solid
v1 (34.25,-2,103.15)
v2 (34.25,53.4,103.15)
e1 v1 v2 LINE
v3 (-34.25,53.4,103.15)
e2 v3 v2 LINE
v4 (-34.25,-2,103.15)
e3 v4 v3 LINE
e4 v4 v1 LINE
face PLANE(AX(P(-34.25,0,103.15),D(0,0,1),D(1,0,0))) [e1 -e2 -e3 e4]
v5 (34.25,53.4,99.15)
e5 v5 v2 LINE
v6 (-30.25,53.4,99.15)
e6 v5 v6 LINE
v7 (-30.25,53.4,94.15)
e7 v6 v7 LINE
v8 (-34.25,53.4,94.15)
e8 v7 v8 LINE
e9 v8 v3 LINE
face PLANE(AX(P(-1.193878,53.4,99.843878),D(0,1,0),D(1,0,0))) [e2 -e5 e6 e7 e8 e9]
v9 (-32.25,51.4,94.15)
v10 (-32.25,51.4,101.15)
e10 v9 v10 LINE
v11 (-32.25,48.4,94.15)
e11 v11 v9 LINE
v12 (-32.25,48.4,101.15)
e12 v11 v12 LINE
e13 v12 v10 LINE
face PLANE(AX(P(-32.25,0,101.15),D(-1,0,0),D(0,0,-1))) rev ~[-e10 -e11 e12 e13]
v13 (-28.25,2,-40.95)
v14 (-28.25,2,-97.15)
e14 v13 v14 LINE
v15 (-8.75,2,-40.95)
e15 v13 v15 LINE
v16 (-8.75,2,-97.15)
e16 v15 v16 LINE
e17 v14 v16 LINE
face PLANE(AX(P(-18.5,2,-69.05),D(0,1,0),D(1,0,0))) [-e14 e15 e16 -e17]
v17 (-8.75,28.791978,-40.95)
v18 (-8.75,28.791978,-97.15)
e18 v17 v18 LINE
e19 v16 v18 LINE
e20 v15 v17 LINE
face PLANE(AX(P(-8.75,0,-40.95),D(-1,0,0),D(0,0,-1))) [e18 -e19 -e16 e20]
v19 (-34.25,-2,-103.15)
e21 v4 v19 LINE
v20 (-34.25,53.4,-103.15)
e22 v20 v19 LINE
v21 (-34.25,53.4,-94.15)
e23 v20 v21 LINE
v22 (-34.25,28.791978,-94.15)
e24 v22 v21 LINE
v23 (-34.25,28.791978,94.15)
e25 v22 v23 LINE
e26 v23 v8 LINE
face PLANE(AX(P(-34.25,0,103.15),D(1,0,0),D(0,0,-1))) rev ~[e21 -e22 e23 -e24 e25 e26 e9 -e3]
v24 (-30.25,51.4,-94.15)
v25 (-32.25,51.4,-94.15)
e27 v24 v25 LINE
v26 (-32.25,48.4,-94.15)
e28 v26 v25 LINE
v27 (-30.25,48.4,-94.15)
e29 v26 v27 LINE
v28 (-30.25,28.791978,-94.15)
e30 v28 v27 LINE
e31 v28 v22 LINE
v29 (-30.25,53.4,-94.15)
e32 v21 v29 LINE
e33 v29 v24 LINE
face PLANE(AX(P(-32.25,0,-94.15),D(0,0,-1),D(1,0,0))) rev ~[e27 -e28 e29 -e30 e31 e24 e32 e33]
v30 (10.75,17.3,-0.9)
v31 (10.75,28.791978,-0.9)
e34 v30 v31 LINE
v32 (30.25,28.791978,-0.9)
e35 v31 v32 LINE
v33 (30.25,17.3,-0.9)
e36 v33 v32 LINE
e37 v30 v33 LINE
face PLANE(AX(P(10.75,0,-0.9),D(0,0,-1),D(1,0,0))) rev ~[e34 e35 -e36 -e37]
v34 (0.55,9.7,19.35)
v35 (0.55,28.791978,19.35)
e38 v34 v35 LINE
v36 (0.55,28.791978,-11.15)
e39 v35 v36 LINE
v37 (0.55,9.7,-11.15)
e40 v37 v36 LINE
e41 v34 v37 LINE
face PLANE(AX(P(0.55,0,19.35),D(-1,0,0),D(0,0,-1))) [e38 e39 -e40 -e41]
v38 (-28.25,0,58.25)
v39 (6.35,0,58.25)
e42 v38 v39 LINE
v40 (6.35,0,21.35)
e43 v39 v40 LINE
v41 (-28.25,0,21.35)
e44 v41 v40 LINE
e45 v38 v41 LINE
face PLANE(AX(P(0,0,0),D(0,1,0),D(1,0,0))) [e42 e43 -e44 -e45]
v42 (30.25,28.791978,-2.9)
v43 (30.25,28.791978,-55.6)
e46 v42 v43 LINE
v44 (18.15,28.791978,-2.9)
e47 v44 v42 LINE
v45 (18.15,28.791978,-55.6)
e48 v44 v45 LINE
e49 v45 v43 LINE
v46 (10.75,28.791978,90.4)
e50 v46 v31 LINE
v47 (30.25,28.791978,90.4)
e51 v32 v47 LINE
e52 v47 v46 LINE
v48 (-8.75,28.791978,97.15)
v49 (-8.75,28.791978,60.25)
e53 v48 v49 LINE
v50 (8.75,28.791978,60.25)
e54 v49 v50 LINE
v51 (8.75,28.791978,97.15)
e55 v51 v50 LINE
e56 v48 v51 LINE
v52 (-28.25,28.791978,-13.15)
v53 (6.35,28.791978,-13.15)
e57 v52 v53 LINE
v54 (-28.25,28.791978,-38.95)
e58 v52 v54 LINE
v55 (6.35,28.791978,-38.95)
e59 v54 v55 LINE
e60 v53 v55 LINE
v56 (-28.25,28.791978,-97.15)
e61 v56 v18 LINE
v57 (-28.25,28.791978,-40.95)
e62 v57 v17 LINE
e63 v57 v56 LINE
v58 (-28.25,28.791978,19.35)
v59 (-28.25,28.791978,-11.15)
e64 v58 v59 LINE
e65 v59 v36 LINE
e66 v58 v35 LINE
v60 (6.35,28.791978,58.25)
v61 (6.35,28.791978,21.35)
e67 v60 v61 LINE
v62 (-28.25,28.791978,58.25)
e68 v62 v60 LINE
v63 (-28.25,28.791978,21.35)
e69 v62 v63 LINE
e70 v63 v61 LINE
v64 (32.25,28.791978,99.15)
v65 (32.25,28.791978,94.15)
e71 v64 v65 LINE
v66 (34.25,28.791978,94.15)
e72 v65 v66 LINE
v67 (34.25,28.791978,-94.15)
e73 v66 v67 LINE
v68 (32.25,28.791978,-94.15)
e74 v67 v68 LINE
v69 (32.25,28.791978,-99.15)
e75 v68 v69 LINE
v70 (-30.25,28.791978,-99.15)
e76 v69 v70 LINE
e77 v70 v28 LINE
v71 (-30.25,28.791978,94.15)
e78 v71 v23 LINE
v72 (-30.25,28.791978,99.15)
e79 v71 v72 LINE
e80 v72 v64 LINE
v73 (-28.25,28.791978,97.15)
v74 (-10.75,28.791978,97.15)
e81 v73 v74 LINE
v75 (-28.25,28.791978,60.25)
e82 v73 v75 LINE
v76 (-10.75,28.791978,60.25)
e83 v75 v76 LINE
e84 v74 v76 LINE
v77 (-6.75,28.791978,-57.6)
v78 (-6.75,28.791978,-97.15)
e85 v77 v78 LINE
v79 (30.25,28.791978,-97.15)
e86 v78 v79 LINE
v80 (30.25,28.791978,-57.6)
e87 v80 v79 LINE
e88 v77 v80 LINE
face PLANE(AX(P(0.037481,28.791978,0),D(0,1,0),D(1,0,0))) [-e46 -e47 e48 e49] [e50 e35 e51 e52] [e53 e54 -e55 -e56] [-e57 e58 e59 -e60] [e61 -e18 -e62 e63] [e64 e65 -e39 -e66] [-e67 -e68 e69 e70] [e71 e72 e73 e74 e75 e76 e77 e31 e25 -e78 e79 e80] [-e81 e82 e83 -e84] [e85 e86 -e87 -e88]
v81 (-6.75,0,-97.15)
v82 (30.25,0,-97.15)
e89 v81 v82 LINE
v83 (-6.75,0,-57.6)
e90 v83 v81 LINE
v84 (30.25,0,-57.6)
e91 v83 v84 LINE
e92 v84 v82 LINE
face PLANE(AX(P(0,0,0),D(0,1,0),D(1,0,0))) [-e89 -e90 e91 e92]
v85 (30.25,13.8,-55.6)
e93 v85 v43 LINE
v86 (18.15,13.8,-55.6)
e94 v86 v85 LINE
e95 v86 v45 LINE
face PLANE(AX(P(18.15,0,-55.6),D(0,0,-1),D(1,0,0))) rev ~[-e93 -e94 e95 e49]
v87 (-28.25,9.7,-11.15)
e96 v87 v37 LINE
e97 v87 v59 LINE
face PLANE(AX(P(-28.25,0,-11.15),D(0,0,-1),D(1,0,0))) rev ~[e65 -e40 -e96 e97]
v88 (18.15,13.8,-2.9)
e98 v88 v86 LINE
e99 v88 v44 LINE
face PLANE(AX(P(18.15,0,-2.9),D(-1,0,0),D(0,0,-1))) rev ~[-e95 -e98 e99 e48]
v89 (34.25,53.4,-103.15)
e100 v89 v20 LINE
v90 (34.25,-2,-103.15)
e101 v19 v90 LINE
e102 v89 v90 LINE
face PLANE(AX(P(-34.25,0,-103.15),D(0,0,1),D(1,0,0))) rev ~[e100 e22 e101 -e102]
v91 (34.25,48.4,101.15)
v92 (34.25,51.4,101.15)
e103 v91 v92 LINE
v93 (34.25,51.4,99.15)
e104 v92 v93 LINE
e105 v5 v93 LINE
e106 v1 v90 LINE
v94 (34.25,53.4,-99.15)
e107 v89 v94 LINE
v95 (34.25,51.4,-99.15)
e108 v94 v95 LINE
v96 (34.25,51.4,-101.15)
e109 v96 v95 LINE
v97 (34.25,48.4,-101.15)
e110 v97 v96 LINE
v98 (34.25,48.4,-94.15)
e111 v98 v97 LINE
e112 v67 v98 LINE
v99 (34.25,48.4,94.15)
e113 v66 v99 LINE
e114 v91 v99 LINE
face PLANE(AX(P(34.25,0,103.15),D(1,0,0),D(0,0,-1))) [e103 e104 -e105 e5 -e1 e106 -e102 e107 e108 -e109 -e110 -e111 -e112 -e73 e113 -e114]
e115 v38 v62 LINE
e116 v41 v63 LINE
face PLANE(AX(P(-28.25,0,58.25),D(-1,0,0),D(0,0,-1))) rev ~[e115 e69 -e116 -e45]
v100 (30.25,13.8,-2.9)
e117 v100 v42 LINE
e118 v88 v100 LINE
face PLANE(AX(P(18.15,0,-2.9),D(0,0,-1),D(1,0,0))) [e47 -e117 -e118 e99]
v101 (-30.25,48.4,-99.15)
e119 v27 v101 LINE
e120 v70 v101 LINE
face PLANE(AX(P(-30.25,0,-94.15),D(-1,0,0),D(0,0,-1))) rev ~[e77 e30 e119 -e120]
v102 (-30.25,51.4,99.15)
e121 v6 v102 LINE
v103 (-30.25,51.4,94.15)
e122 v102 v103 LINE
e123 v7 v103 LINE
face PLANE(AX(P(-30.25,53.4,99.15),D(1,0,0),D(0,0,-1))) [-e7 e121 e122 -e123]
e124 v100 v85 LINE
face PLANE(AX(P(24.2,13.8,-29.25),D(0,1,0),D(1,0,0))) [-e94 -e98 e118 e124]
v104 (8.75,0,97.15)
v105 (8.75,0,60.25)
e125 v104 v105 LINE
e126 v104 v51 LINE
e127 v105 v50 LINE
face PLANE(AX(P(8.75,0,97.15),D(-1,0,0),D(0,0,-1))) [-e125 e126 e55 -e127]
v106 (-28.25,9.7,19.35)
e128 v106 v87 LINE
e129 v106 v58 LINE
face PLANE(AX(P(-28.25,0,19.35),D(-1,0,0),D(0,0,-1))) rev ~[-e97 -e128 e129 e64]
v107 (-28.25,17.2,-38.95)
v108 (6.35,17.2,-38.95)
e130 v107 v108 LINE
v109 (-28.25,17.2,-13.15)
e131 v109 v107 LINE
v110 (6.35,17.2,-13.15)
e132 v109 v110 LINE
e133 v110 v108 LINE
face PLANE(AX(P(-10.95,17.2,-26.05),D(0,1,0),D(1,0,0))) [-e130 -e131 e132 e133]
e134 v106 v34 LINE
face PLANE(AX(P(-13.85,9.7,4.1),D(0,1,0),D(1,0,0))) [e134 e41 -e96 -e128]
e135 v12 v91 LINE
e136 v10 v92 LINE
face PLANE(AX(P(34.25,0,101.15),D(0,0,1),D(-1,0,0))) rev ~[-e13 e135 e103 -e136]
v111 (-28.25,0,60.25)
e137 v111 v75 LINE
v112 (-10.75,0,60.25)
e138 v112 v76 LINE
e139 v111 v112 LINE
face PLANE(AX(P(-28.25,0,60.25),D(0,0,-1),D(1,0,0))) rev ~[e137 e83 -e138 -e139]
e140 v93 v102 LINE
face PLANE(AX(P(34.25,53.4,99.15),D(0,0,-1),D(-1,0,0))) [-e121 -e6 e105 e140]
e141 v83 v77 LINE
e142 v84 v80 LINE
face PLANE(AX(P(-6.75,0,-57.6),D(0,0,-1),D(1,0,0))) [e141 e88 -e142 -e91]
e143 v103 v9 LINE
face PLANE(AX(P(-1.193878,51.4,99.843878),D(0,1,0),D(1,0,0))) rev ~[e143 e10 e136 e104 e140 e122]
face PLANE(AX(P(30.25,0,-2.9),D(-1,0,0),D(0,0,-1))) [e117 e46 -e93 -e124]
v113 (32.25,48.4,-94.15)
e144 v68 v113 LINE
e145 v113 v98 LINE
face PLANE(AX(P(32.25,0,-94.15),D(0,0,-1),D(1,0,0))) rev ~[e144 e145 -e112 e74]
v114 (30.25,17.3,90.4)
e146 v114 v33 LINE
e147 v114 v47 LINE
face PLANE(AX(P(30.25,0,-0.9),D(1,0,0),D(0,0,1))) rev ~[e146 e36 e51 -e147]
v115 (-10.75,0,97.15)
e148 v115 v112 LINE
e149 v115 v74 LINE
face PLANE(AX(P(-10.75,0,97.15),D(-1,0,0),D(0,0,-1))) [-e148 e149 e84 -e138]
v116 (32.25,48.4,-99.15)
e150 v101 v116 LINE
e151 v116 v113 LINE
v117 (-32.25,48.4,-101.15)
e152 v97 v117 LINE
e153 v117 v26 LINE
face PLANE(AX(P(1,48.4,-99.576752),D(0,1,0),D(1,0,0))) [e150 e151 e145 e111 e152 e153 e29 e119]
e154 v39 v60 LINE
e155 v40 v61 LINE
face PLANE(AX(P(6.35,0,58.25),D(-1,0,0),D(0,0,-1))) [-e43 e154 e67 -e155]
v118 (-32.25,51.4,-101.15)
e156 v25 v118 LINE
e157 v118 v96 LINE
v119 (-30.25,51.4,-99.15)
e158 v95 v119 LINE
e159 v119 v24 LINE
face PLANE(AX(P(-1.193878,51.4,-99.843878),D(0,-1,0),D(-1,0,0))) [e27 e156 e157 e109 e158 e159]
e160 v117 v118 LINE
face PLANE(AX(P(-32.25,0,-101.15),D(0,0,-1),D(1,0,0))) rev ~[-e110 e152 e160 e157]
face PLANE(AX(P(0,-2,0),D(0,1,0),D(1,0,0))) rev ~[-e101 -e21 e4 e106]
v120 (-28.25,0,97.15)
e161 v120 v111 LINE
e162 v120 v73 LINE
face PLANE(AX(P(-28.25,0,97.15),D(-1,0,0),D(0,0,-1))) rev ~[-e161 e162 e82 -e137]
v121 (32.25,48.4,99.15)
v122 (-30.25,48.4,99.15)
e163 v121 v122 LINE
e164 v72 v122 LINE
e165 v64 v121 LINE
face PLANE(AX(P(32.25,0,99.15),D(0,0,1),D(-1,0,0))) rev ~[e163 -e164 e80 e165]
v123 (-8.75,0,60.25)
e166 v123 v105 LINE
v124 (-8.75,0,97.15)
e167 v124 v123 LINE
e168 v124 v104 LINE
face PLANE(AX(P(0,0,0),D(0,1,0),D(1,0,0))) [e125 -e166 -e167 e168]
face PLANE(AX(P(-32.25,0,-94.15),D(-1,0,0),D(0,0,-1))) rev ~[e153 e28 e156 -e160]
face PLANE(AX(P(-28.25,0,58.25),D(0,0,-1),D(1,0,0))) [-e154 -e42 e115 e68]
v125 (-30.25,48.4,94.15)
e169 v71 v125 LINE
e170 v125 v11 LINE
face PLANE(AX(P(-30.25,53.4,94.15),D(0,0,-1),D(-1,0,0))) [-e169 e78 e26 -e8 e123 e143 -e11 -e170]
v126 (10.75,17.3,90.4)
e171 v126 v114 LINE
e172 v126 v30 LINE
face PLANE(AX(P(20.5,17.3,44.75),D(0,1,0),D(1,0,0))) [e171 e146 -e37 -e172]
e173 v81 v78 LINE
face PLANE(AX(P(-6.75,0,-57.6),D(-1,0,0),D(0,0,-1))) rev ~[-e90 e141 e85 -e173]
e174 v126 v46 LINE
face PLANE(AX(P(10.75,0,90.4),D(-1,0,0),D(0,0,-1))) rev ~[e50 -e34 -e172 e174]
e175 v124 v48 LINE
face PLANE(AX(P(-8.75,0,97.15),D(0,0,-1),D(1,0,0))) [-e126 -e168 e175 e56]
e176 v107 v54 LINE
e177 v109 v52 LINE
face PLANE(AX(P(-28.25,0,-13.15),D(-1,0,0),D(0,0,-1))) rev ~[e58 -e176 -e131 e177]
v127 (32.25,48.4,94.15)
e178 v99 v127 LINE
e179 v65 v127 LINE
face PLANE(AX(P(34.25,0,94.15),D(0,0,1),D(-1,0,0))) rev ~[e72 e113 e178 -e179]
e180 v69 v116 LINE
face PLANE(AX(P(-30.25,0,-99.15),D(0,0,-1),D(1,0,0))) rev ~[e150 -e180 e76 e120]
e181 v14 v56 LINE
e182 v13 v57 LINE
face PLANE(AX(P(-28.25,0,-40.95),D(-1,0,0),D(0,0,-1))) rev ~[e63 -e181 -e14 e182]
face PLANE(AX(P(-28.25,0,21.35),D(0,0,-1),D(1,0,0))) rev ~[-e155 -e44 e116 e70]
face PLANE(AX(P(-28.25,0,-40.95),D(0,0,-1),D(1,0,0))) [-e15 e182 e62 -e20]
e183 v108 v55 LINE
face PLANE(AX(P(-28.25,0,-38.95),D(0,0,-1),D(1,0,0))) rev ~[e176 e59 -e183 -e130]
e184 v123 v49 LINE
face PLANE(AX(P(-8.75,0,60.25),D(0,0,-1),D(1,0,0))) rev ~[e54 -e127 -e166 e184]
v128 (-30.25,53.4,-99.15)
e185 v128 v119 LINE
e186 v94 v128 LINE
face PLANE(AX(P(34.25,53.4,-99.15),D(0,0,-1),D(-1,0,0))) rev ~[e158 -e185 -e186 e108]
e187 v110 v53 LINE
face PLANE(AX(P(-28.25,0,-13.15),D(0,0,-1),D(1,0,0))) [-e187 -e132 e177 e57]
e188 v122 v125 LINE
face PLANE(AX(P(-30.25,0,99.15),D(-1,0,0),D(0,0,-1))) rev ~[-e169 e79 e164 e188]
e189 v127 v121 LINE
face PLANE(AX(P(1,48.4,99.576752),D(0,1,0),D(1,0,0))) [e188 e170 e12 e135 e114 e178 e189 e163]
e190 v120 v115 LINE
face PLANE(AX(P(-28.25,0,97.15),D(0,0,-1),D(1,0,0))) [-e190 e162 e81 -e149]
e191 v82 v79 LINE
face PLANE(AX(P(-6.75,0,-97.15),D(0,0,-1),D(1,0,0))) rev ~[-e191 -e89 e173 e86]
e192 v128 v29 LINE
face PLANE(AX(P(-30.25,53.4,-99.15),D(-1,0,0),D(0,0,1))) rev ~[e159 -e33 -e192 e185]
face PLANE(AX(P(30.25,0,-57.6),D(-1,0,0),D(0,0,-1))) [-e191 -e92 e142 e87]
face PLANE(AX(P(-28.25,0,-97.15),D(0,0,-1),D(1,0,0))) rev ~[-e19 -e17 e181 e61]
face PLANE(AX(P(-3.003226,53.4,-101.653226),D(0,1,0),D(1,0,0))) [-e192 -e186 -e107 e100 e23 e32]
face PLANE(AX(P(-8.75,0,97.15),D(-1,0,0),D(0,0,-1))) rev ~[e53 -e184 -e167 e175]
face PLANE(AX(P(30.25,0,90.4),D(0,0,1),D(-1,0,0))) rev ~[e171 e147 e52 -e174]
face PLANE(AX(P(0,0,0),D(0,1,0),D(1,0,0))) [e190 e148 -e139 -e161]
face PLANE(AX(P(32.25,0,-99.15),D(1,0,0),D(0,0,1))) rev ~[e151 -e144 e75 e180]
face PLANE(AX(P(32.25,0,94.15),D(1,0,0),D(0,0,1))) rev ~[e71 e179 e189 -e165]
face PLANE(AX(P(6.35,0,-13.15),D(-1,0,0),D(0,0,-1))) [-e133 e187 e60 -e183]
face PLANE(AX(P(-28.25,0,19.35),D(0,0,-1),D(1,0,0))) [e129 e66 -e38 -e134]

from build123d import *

# Parameters (mm, degrees)
SKETCH1_4_W          = 19.5
SKETCH1_4_H          = 56.2
BOSS_EXTRUDE3_DEPTH  = 2
SKETCH1_5_W          = 12.1
SKETCH1_5_H          = 52.7
BOSS_EXTRUDE4_DEPTH  = 13.8
BOSS_EXTRUDE5_DEPTH  = 17.3
SKETCH1_8_W          = 34.6
SKETCH1_8_H          = 25.8
BOSS_EXTRUDE7_DEPTH  = 17.2
SKETCH1_9_W          = 28.8
SKETCH1_9_H          = 30.5
BOSS_EXTRUDE8_DEPTH  = 9.7
SKETCH1_10_W         = 17.5
SKETCH1_10_H         = 36.9
SKETCH1_10_W_2       = 34.6
SKETCH1_10_W_3       = 28.8
SKETCH1_10_H_2       = 30.5
SKETCH1_10_H_3       = 25.8
SKETCH1_10_W_4       = 19.5
SKETCH1_10_H_4       = 56.2
SKETCH1_10_W_5       = 12.1
SKETCH1_10_H_5       = 52.7
SKETCH1_10_W_6       = 37
SKETCH1_10_H_6       = 39.55
BOSS_EXTRUDE9_DEPTH  = 28.791978309
BOSS_EXTRUDE10_DEPTH = 48.4
BOSS_EXTRUDE11_DEPTH = 53.4
BOSS_EXTRUDE12_DEPTH = 2
SKETCH1_13_W         = 68.5
SKETCH1_13_H         = 206.3
BOSS_EXTRUDE13_DEPTH = 2


with BuildPart() as part:
    # Sketch1<4> → Boss-Extrude3 (new body)
    with BuildSketch(Plane(origin=(0, 0, 0), x_dir=(1, 0, 0), z_dir=(0, 1, 0))):
        with Locations((-18.5, 69.05)):
            Rectangle(SKETCH1_4_W, SKETCH1_4_H)
    extrude(amount=BOSS_EXTRUDE3_DEPTH)



with BuildPart() as body_2:
    # Sketch1<5> → Boss-Extrude4 (new body)
    with BuildSketch(Plane(origin=(0, 0, 0), x_dir=(1, 0, 0), z_dir=(0, 1, 0))):
        with Locations((24.2, 29.25)):
            Rectangle(SKETCH1_5_W, SKETCH1_5_H)
    extrude(amount=BOSS_EXTRUDE4_DEPTH)


with BuildPart() as body_3:
    # Sketch1 → Boss-Extrude5 (new body)
    with BuildSketch(Plane(origin=(0, 0, 0), x_dir=(1, 0, 0), z_dir=(0, 1, 0))):
        Polygon((10.75, 0.9), (10.75, -90.4), (29.25, -90.4), (30.25, -90.4), (30.25, 0.9), align=None)
    extrude(amount=BOSS_EXTRUDE5_DEPTH)


with BuildPart() as body_4:
    # Sketch1<8> → Boss-Extrude7 (new body)
    with BuildSketch(Plane(origin=(0, 0, 0), x_dir=(1, 0, 0), z_dir=(0, 1, 0))):
        with Locations((-10.95, 26.05)):
            Rectangle(SKETCH1_8_W, SKETCH1_8_H)
    extrude(amount=BOSS_EXTRUDE7_DEPTH)


with BuildPart() as body_5:
    # Sketch1<9> → Boss-Extrude8 (new body)
    with BuildSketch(Plane(origin=(0, 0, 0), x_dir=(1, 0, 0), z_dir=(0, 1, 0))):
        with Locations((-13.85, -4.1)):
            Rectangle(SKETCH1_9_W, SKETCH1_9_H)
    extrude(amount=BOSS_EXTRUDE8_DEPTH)


with BuildPart() as part_1:
    add(part.part)

    add(body_2.part)  # Boss-Extrude9 merges body 2

    add(body_3.part)  # Boss-Extrude9 merges body 3

    add(body_4.part)  # Boss-Extrude9 merges body 4

    add(body_5.part)  # Boss-Extrude9 merges body 5
    # Sketch1<10> → Boss-Extrude9 (add)
    with BuildSketch(Plane(origin=(0, 0, 0), x_dir=(1, 0, 0), z_dir=(0, 1, 0))):
        Polygon((34.25, -94.15), (34.25, 94.15), (32.25, 94.15), (32.25, 99.15), (-30.25, 99.15), (-30.25, 94.15), (-34.25, 94.15), (-34.25, -94.15), (-30.25, -94.15), (-30.25, -99.15), (32.25, -99.15), (32.25, -94.15), align=None)
        with Locations((-19.5, -78.7)):
            Rectangle(SKETCH1_10_W, SKETCH1_10_H, mode=Mode.SUBTRACT)
        with Locations((-10.95, -39.8)):
            Rectangle(SKETCH1_10_W_2, SKETCH1_10_H, mode=Mode.SUBTRACT)
        with Locations((-13.85, -4.1)):
            Rectangle(SKETCH1_10_W_3, SKETCH1_10_H_2, mode=Mode.SUBTRACT)
        with Locations((0, -78.7)):
            Rectangle(SKETCH1_10_W, SKETCH1_10_H, mode=Mode.SUBTRACT)
        Polygon((29.25, -90.4), (10.75, -90.4), (10.75, 0.9), (30.25, 0.9), (30.25, -90.4), align=None, mode=Mode.SUBTRACT)
        with Locations((-10.95, 26.05)):
            Rectangle(SKETCH1_10_W_2, SKETCH1_10_H_3, mode=Mode.SUBTRACT)
        with Locations((-18.5, 69.05)):
            Rectangle(SKETCH1_10_W_4, SKETCH1_10_H_4, mode=Mode.SUBTRACT)
        with Locations((24.2, 29.25)):
            Rectangle(SKETCH1_10_W_5, SKETCH1_10_H_5, mode=Mode.SUBTRACT)
        with Locations((11.75, 77.375)):
            Rectangle(SKETCH1_10_W_6, SKETCH1_10_H_6, mode=Mode.SUBTRACT)
    extrude(amount=BOSS_EXTRUDE9_DEPTH)

    # Sketch1<11> → Boss-Extrude10 (add)
    with BuildSketch(Plane(origin=(0, 0, 0), x_dir=(1, 0, 0), z_dir=(0, 1, 0))):
        Polygon((34.25, 94.15), (34.25, 101.15), (-32.25, 101.15), (-32.25, 94.15), (-30.25, 94.15), (-30.25, 99.15), (32.25, 99.15), (32.25, 94.15), align=None)
        Polygon((34.25, -101.15), (34.25, -94.15), (32.25, -94.15), (32.25, -99.15), (-30.25, -99.15), (-30.25, -94.15), (-32.25, -94.15), (-32.25, -101.15), align=None)
    extrude(amount=BOSS_EXTRUDE10_DEPTH)

    # Sketch1<12> → Boss-Extrude11 (add)
    with BuildSketch(Plane(origin=(0, 0, 0), x_dir=(1, 0, 0), z_dir=(0, 1, 0))):
        Polygon((-32.25, 101.15), (34.25, 101.15), (34.25, 103.15), (-34.25, 103.15), (-34.25, 94.15), (-32.25, 94.15), align=None)
        Polygon((-32.25, -101.15), (-32.25, -94.15), (-34.25, -94.15), (-34.25, -103.15), (34.25, -103.15), (34.25, -101.15), align=None)
    extrude(amount=BOSS_EXTRUDE11_DEPTH)

    # Sketch2 → Boss-Extrude12 (add)
    with BuildSketch(Plane(origin=(0, 53.4, 0), x_dir=(1, 0, 0), z_dir=(0, 1, 0))):
        Polygon((-32.25, -94.15), (-32.25, -101.15), (34.25, -101.15), (34.25, -99.15), (-30.25, -99.15), (-30.25, -94.15), align=None)
        Polygon((-32.25, 94.15), (-32.25, 101.15), (34.25, 101.15), (34.25, 99.15), (-30.25, 99.15), (-30.25, 94.15), align=None)
    extrude(amount=-BOSS_EXTRUDE12_DEPTH)

    # Sketch1<13> → Boss-Extrude13 (add)
    with BuildSketch(Plane(origin=(0, 0, 0), x_dir=(1, 0, 0), z_dir=(0, 1, 0))):
        Rectangle(SKETCH1_13_W, SKETCH1_13_H)
    extrude(amount=-BOSS_EXTRUDE13_DEPTH)


solid = part_1.part
